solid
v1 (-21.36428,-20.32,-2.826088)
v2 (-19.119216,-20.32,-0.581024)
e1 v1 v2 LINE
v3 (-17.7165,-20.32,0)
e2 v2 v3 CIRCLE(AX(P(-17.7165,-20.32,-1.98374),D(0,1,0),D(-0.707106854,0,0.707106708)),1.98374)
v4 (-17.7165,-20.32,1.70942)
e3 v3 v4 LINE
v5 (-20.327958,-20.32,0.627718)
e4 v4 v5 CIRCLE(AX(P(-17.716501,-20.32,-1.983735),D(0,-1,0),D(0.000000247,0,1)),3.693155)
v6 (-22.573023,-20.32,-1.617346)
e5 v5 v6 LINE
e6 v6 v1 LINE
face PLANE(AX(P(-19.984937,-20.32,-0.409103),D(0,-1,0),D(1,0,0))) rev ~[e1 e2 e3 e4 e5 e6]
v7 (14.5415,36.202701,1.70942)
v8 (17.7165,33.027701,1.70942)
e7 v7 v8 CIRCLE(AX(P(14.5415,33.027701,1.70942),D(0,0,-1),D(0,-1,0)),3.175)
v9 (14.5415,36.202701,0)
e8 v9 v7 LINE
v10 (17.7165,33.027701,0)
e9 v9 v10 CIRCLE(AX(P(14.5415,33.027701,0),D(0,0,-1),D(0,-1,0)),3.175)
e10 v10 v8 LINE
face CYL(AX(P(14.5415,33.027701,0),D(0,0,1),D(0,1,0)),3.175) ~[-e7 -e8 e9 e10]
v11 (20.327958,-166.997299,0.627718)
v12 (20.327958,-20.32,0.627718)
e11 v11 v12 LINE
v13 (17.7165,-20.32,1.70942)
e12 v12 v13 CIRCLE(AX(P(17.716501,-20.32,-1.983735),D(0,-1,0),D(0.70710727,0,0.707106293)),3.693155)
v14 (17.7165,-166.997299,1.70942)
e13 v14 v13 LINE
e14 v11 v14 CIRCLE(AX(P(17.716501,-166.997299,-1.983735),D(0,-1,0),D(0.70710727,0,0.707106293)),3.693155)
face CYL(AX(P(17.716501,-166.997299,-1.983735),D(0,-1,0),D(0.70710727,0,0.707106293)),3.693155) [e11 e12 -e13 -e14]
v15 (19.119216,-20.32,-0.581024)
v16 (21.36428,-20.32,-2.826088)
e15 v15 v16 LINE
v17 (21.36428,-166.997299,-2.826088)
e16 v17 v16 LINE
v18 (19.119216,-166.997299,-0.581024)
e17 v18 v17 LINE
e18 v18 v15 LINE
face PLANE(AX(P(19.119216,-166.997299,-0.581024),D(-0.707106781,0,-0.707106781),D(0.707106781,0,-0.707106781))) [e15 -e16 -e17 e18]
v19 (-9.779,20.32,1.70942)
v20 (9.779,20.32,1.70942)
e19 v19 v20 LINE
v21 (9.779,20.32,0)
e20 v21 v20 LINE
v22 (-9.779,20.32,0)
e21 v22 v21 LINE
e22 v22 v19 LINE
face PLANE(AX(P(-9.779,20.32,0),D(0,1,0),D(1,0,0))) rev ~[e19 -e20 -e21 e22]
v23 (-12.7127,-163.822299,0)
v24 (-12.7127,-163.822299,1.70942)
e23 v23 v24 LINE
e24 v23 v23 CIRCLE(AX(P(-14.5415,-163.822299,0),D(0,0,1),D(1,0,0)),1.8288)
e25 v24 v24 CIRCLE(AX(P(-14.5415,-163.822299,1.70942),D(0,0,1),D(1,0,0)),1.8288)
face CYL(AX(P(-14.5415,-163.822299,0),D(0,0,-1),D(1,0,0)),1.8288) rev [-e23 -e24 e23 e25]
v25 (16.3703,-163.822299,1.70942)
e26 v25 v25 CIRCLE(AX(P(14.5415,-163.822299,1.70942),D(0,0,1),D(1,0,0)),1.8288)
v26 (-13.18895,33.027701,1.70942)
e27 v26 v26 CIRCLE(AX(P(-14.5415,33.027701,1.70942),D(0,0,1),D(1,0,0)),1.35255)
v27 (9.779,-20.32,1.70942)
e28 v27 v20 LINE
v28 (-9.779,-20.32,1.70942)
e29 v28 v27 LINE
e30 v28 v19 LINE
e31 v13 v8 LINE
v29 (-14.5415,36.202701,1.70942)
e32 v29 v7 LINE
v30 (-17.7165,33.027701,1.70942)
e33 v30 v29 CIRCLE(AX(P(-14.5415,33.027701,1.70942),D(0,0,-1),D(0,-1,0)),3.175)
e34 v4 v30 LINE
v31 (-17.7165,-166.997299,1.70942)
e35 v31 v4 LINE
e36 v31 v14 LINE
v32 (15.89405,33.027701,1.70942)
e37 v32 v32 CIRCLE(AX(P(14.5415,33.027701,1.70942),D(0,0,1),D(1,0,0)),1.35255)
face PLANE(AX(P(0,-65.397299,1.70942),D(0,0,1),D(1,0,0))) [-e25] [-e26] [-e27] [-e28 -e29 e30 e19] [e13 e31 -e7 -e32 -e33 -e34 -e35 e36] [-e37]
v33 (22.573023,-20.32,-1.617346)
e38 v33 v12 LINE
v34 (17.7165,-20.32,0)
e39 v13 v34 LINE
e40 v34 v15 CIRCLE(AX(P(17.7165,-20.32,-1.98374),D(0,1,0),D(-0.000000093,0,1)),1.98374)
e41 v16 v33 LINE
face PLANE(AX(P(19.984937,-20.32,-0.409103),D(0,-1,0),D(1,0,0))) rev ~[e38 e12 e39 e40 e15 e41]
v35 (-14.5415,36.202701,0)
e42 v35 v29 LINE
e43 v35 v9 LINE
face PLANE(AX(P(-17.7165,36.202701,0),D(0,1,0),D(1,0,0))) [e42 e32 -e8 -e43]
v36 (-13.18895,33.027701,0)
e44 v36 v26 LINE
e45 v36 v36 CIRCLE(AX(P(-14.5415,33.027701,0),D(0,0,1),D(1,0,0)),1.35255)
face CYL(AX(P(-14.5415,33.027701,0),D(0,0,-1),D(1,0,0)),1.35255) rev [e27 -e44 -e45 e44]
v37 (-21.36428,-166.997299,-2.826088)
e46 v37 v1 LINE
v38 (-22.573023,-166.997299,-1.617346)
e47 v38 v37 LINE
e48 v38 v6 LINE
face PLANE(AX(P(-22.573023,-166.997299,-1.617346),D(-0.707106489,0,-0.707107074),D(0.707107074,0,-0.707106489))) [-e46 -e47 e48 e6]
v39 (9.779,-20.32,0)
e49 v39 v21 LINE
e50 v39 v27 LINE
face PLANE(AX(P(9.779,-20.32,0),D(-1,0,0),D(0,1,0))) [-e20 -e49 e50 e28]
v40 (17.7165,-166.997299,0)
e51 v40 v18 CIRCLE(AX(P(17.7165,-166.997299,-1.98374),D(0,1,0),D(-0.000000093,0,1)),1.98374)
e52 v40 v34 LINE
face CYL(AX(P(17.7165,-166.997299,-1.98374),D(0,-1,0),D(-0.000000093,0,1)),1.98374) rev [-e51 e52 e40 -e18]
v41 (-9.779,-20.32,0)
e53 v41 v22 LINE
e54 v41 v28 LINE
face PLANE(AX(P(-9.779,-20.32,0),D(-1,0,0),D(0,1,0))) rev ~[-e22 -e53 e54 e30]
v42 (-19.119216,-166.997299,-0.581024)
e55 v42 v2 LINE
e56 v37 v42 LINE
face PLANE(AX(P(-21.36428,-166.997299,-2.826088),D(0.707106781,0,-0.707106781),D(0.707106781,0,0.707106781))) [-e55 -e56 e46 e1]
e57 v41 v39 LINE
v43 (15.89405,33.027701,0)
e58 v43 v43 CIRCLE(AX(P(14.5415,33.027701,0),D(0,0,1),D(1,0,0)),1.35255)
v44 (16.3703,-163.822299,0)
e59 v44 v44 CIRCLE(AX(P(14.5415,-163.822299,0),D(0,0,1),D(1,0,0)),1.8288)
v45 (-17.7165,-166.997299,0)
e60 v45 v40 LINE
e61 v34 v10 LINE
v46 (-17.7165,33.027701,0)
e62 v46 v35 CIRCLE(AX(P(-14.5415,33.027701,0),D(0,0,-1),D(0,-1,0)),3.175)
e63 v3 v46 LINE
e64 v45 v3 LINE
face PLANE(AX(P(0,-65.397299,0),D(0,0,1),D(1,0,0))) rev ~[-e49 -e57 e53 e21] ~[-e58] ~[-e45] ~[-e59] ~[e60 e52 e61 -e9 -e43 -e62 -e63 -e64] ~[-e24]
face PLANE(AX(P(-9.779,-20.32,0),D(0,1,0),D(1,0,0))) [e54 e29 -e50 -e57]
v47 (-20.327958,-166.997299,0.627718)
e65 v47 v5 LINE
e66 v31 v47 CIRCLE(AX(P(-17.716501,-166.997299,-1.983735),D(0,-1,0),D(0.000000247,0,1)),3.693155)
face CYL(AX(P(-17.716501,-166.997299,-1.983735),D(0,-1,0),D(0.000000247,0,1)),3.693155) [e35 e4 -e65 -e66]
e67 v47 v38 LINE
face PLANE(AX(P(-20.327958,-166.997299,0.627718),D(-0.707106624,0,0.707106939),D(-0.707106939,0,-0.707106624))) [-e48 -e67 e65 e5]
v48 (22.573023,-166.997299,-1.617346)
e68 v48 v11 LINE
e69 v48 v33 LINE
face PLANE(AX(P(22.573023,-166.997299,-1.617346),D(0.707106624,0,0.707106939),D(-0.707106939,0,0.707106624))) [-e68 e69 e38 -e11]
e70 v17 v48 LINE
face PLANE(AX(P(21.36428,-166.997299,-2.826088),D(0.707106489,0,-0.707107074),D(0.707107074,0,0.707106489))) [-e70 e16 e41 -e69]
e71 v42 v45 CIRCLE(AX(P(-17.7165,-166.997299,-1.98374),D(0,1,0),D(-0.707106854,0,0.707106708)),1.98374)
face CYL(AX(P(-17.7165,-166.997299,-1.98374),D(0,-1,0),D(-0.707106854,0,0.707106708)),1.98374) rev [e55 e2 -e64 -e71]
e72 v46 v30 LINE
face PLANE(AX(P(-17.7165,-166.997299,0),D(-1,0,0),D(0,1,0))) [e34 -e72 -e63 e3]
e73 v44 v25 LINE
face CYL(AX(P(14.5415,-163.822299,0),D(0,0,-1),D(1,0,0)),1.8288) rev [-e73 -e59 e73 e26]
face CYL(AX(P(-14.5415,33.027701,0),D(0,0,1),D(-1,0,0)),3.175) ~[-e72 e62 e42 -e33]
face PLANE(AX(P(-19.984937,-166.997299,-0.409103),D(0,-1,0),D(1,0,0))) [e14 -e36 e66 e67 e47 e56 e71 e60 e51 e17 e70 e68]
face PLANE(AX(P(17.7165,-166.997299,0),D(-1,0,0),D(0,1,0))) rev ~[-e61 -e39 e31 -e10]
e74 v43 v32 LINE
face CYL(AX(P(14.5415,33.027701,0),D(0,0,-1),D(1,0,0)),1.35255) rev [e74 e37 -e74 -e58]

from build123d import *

# Parameters (mm, degrees)
F0_W     = 35.433
F0_H     = 203.2
F0_R     = 1.8288
F0_R_2   = 1.35255
F0_W_2   = 19.558
F0_H_2   = 40.64
F1_DEPTH = 1.70942
F3_DEPTH = 146.677299
F4_R     = 3.175


with BuildPart() as f1:
    # F0 (on Top) → F1 (new body)
    with BuildSketch(Plane.XY):
        with Locations((0, -65.397299)):
            Rectangle(F0_W, F0_H)
        with Locations((-14.5415, -163.822299)):
            Circle(F0_R, mode=Mode.SUBTRACT)
        with Locations((14.5415, -163.822299)):
            Circle(F0_R, mode=Mode.SUBTRACT)
        with Locations((-14.5415, 33.027701)):
            Circle(F0_R_2, mode=Mode.SUBTRACT)
        Rectangle(F0_W_2, F0_H_2, mode=Mode.SUBTRACT)
        with Locations((14.5415, 33.027701)):
            Circle(F0_R_2, mode=Mode.SUBTRACT)
    extrude(amount=F1_DEPTH)

    # F2 (on face) → F3 (join, through all)
    with BuildSketch(Plane.XZ.offset(166.997299)):
        with BuildLine():
            ThreePointArc((-19.119216, -0.581024), (-18.475644, -0.151003), (-17.7165, 0))
            Line((-17.7165, 0), (-17.7165, 1.70942))
            ThreePointArc((-17.7165, 1.70942), (-19.129811, 1.428295), (-20.327958, 0.627718))
            Line((-20.327958, 0.627718), (-22.573023, -1.617346))
            Line((-22.573023, -1.617346), (-21.36428, -2.826088))
            Line((-21.36428, -2.826088), (-19.119216, -0.581024))
        make_face()
        with BuildLine():
            Line((17.7165, 1.70942), (17.7165, 0))
            ThreePointArc((17.7165, 0), (18.475644, -0.151003), (19.119216, -0.581024))
            Line((19.119216, -0.581024), (21.36428, -2.826088))
            Line((21.36428, -2.826088), (22.573023, -1.617346))
            Line((22.573023, -1.617346), (20.327958, 0.627718))
            ThreePointArc((20.327958, 0.627718), (19.129811, 1.428295), (17.7165, 1.70942))
        make_face()
    extrude(amount=-F3_DEPTH)

    # F4
    f4_edges = [f1.edges().sort_by_distance(p)[0] for p in [
        (17.7165, 36.202701, 0.85471),
        (-17.7165, 36.202701, 0.85471),
    ]]
    fillet(f4_edges, radius=F4_R)


solid = f1.part
